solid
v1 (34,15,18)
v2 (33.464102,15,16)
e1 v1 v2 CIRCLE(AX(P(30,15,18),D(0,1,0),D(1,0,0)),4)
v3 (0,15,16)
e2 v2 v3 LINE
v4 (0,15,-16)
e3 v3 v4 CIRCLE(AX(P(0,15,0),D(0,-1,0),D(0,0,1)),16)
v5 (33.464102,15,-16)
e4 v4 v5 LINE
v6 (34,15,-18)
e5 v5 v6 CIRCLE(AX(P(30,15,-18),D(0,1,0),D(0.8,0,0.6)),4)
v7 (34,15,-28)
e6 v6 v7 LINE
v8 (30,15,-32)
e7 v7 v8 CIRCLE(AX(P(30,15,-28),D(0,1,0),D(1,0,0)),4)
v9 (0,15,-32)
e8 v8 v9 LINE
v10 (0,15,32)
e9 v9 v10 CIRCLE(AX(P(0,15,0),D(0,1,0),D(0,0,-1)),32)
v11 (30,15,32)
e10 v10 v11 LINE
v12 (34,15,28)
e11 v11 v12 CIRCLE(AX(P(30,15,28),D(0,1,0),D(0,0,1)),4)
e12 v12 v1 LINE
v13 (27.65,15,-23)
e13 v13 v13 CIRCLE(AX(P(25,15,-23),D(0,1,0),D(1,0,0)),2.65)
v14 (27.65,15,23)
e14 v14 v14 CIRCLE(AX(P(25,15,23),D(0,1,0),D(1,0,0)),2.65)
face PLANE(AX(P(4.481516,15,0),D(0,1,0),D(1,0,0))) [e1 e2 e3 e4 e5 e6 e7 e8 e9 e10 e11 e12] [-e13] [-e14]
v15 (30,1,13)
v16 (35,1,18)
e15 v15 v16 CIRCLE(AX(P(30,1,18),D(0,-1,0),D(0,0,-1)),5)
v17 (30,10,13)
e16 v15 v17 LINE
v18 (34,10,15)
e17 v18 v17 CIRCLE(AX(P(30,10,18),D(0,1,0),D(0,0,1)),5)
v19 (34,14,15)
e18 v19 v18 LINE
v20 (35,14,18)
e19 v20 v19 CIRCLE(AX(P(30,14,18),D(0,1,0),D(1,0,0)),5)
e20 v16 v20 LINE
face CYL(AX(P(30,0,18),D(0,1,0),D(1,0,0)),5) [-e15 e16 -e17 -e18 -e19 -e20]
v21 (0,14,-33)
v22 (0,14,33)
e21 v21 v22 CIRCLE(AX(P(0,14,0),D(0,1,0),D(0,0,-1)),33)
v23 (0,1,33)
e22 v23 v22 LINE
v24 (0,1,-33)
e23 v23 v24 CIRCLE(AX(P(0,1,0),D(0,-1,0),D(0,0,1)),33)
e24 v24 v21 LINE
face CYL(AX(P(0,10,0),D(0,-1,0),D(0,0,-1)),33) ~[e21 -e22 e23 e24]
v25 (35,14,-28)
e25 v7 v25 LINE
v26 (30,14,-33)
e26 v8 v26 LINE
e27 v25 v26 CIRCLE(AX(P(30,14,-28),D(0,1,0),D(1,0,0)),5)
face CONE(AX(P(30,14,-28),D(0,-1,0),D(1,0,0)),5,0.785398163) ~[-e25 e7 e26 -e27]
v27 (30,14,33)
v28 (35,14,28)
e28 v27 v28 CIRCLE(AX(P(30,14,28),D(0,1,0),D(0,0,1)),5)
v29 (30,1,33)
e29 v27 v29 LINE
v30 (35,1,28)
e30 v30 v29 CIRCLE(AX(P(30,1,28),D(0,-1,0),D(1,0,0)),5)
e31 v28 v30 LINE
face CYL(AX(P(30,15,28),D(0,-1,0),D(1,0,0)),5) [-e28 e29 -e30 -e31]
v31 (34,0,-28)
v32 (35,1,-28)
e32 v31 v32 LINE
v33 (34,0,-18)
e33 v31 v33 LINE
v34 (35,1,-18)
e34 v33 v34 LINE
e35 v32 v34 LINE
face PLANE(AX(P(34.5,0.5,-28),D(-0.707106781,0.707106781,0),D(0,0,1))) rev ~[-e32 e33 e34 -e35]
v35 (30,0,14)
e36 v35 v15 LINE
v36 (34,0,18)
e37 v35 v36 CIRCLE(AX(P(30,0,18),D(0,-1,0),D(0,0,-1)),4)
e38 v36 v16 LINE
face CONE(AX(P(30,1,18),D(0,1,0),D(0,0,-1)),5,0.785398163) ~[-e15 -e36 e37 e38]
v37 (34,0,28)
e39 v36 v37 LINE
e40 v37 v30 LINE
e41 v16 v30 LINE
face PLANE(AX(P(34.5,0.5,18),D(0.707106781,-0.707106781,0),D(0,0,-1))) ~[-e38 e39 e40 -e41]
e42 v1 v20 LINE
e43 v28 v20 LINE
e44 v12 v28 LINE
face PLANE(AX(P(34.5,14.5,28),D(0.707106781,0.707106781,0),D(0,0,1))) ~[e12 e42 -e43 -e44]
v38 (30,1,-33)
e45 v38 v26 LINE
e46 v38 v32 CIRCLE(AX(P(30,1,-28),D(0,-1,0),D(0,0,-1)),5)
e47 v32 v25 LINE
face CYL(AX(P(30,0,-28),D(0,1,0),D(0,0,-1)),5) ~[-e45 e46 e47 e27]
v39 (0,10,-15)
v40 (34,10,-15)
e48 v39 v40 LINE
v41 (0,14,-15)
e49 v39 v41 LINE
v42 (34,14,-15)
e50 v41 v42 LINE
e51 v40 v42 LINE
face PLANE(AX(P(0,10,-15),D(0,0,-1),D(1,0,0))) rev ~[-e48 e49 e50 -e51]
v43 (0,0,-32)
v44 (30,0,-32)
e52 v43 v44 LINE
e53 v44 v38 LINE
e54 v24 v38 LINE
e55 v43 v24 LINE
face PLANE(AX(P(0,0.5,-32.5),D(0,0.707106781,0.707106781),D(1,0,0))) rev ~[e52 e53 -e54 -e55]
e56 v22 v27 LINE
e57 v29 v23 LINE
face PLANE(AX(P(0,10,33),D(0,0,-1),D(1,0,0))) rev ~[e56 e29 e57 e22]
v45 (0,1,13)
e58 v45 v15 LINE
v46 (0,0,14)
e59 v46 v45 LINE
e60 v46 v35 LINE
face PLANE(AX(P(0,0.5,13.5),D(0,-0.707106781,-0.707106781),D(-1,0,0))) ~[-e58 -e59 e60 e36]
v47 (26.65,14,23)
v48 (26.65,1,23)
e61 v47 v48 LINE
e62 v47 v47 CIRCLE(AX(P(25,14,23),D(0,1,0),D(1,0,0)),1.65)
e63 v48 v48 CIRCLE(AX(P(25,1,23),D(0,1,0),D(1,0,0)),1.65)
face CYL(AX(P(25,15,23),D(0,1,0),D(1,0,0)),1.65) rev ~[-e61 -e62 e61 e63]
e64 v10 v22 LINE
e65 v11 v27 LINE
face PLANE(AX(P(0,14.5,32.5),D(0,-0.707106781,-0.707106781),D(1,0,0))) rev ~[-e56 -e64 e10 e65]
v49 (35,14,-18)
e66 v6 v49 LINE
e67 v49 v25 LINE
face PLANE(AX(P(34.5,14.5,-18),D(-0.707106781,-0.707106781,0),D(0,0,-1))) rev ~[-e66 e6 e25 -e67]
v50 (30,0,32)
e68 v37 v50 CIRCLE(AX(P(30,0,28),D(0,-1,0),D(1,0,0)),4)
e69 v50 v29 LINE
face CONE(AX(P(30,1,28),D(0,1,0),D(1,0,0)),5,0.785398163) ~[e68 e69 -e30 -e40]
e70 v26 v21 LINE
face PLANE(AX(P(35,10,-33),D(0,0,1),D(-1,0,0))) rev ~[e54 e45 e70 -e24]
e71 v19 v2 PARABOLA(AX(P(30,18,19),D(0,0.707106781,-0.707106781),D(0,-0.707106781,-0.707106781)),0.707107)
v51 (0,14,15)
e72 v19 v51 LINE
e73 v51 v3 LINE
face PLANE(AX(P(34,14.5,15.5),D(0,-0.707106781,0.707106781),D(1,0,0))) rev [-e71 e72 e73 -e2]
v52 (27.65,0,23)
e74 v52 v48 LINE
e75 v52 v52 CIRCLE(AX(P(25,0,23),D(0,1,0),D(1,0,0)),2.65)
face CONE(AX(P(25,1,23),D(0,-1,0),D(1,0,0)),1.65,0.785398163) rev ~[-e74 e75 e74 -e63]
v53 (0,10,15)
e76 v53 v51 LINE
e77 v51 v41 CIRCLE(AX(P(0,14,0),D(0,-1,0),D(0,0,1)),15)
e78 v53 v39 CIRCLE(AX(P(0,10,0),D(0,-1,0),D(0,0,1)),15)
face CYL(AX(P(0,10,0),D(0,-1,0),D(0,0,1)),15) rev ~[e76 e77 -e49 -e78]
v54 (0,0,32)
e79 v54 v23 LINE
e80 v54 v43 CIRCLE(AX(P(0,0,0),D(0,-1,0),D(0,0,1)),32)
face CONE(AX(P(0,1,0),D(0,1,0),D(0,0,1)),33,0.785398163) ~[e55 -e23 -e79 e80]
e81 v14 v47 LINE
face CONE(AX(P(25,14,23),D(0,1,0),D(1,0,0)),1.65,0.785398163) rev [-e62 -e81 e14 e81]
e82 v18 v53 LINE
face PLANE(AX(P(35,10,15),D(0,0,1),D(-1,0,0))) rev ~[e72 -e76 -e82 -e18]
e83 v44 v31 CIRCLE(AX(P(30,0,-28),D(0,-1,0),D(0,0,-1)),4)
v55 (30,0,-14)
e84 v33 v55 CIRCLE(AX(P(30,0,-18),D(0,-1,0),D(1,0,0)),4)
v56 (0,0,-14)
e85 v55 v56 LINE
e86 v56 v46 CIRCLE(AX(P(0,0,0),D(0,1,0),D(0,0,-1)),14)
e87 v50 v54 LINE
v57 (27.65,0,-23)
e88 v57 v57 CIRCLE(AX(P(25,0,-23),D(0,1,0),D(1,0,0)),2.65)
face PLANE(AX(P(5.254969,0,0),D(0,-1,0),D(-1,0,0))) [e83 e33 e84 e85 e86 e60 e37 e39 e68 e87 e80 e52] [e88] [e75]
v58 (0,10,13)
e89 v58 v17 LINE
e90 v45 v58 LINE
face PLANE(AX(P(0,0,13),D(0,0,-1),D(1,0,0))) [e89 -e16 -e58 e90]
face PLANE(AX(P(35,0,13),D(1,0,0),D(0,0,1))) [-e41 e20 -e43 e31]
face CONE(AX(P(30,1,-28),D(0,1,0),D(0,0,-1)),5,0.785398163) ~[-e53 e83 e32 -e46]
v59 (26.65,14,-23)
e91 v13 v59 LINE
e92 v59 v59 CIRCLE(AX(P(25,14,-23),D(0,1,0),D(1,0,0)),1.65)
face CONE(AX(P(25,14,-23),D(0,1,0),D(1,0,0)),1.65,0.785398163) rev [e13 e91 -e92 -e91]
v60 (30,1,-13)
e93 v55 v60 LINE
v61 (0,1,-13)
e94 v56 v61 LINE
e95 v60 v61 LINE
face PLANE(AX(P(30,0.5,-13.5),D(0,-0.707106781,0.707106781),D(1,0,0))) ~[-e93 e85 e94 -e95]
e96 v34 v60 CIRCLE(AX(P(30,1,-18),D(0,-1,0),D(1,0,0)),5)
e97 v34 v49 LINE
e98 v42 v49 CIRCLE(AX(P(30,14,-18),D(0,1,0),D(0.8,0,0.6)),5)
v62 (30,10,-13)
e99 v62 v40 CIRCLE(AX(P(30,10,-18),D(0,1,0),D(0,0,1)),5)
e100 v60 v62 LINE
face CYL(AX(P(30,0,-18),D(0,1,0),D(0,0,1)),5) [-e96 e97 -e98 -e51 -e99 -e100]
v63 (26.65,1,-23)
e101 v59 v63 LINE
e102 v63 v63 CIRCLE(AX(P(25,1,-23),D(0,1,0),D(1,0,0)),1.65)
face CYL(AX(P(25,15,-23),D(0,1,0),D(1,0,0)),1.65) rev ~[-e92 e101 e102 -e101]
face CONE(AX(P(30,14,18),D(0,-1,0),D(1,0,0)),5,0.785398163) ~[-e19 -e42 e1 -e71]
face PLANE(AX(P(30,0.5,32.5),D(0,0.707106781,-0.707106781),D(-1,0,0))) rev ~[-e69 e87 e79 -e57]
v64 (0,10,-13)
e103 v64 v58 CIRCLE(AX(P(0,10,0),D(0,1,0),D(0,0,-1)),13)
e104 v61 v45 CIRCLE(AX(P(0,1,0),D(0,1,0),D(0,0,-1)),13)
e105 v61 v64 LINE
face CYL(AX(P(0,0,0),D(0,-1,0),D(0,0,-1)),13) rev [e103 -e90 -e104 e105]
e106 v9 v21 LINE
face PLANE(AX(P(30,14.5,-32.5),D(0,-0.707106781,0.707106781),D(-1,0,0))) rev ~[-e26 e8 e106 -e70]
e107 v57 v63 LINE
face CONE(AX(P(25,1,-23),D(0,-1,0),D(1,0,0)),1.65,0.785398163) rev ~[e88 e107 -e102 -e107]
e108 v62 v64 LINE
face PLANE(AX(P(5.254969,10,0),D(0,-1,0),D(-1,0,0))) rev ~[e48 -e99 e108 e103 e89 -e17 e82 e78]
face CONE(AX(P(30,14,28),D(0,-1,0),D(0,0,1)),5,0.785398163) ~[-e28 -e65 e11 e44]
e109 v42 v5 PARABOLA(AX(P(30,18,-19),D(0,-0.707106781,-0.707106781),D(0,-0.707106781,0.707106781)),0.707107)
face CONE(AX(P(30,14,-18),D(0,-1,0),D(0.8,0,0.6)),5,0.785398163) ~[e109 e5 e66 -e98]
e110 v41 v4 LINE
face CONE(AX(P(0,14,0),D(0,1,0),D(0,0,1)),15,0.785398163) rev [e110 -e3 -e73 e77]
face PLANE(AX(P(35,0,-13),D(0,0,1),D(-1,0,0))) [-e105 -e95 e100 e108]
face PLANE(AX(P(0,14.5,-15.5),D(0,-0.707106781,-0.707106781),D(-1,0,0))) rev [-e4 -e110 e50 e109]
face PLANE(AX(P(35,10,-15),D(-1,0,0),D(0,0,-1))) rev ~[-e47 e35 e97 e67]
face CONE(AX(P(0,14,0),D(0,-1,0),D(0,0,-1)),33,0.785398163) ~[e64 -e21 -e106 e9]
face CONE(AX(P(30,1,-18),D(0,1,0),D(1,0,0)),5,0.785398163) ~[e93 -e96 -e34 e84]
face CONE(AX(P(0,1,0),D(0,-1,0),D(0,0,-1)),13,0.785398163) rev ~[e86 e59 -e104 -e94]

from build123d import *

# Parameters (mm, degrees)
BOSS_EXTRUDE1_DEPTH = 10
BOSS_EXTRUDE3_DEPTH = 5
FILLET1_R           = 5
SKETCH5_R           = 1.65
CUT_EXTRUDE2_DEPTH  = 20
CHAMFER1_SIZE       = 1


with BuildPart() as part:
    # Sketch1 → Boss-Extrude1 (new body)
    with BuildSketch(Plane(origin=(0, 0, 0), x_dir=(1, 0, 0), z_dir=(0, 1, 0))):
        with BuildLine():
            Line((0, 33), (35, 33))
            Line((35, 33), (35, 13))
            Line((35, 13), (0, 13))
            ThreePointArc((0, 13), (-13, 0), (0, -13))
            Line((0, -13), (35, -13))
            Line((35, -13), (35, -33))
            Line((35, -33), (0, -33))
            ThreePointArc((0, -33), (-33, 0), (0, 33))
        make_face()
    extrude(amount=BOSS_EXTRUDE1_DEPTH)

    # Sketch4 → Boss-Extrude3 (add)
    with BuildSketch(Plane(origin=(0, 10, 0), x_dir=(1, 0, 0), z_dir=(0, 1, 0))):
        with BuildLine():
            Line((0, 15), (35, 15))
            Line((35, 15), (35, 33))
            Line((35, 33), (0, 33))
            ThreePointArc((0, 33), (-33, 0), (0, -33))
            Line((0, -33), (35, -33))
            Line((35, -33), (35, -15))
            Line((35, -15), (0, -15))
            ThreePointArc((0, -15), (-15, 0), (0, 15))
        make_face()
    extrude(amount=BOSS_EXTRUDE3_DEPTH)

    # Fillet1
    fillet1_edges = [part.edges().sort_by_distance(p)[0] for p in [
        (35, 7.5, -33),
        (35, 5, -13),
        (35, 5, 13),
        (35, 7.5, 33),
    ]]
    fillet(fillet1_edges, radius=FILLET1_R)

    # Sketch5 → Cut-Extrude2 (cut)
    with BuildSketch(Plane(origin=(0, 15, 0), x_dir=(1, 0, 0), z_dir=(0, 1, 0))):
        with Locations((25, 23)):
            Circle(SKETCH5_R)
        with Locations((25, -23)):
            Circle(SKETCH5_R)
    extrude(amount=-CUT_EXTRUDE2_DEPTH, mode=Mode.SUBTRACT)

    # Chamfer1
    chamfer1_edges = [part.edges().sort_by_distance(p)[0] for p in [
        (15, 0, 33),
        (-33, 0, 0),
        (-15, 15, 0),
        (17, 15, -15),
        (-33, 15, 0),
        (15, 15, 33),
        (15, 0, -33),
        (15, 15, -33),
        (35, 0, -23),
        (15, 0, 13),
        (35, 0, 23),
        (33.535533906, 0, 31.535533906),
        (33.535533906, 0, 14.464466094),
        (33.535533906, 0, -14.464466094),
        (33.535533906, 0, -31.535533906),
        (35, 15, -23),
        (35, 15, 23),
        (17, 15, 15),
        (33.535533906, 15, 31.535533906),
        (34.74341649, 15, 16.41886117),
        (34.74341649, 15, -16.41886117),
        (33.535533906, 15, -31.535533906),
        (23.35, 0, -23),
        (23.35, 15, -23),
        (23.35, 0, 23),
        (23.35, 15, 23),
        (15, 0, -13),
        (-13, 0, 0),
    ]]
    chamfer(chamfer1_edges, length=CHAMFER1_SIZE)


solid = part.part
